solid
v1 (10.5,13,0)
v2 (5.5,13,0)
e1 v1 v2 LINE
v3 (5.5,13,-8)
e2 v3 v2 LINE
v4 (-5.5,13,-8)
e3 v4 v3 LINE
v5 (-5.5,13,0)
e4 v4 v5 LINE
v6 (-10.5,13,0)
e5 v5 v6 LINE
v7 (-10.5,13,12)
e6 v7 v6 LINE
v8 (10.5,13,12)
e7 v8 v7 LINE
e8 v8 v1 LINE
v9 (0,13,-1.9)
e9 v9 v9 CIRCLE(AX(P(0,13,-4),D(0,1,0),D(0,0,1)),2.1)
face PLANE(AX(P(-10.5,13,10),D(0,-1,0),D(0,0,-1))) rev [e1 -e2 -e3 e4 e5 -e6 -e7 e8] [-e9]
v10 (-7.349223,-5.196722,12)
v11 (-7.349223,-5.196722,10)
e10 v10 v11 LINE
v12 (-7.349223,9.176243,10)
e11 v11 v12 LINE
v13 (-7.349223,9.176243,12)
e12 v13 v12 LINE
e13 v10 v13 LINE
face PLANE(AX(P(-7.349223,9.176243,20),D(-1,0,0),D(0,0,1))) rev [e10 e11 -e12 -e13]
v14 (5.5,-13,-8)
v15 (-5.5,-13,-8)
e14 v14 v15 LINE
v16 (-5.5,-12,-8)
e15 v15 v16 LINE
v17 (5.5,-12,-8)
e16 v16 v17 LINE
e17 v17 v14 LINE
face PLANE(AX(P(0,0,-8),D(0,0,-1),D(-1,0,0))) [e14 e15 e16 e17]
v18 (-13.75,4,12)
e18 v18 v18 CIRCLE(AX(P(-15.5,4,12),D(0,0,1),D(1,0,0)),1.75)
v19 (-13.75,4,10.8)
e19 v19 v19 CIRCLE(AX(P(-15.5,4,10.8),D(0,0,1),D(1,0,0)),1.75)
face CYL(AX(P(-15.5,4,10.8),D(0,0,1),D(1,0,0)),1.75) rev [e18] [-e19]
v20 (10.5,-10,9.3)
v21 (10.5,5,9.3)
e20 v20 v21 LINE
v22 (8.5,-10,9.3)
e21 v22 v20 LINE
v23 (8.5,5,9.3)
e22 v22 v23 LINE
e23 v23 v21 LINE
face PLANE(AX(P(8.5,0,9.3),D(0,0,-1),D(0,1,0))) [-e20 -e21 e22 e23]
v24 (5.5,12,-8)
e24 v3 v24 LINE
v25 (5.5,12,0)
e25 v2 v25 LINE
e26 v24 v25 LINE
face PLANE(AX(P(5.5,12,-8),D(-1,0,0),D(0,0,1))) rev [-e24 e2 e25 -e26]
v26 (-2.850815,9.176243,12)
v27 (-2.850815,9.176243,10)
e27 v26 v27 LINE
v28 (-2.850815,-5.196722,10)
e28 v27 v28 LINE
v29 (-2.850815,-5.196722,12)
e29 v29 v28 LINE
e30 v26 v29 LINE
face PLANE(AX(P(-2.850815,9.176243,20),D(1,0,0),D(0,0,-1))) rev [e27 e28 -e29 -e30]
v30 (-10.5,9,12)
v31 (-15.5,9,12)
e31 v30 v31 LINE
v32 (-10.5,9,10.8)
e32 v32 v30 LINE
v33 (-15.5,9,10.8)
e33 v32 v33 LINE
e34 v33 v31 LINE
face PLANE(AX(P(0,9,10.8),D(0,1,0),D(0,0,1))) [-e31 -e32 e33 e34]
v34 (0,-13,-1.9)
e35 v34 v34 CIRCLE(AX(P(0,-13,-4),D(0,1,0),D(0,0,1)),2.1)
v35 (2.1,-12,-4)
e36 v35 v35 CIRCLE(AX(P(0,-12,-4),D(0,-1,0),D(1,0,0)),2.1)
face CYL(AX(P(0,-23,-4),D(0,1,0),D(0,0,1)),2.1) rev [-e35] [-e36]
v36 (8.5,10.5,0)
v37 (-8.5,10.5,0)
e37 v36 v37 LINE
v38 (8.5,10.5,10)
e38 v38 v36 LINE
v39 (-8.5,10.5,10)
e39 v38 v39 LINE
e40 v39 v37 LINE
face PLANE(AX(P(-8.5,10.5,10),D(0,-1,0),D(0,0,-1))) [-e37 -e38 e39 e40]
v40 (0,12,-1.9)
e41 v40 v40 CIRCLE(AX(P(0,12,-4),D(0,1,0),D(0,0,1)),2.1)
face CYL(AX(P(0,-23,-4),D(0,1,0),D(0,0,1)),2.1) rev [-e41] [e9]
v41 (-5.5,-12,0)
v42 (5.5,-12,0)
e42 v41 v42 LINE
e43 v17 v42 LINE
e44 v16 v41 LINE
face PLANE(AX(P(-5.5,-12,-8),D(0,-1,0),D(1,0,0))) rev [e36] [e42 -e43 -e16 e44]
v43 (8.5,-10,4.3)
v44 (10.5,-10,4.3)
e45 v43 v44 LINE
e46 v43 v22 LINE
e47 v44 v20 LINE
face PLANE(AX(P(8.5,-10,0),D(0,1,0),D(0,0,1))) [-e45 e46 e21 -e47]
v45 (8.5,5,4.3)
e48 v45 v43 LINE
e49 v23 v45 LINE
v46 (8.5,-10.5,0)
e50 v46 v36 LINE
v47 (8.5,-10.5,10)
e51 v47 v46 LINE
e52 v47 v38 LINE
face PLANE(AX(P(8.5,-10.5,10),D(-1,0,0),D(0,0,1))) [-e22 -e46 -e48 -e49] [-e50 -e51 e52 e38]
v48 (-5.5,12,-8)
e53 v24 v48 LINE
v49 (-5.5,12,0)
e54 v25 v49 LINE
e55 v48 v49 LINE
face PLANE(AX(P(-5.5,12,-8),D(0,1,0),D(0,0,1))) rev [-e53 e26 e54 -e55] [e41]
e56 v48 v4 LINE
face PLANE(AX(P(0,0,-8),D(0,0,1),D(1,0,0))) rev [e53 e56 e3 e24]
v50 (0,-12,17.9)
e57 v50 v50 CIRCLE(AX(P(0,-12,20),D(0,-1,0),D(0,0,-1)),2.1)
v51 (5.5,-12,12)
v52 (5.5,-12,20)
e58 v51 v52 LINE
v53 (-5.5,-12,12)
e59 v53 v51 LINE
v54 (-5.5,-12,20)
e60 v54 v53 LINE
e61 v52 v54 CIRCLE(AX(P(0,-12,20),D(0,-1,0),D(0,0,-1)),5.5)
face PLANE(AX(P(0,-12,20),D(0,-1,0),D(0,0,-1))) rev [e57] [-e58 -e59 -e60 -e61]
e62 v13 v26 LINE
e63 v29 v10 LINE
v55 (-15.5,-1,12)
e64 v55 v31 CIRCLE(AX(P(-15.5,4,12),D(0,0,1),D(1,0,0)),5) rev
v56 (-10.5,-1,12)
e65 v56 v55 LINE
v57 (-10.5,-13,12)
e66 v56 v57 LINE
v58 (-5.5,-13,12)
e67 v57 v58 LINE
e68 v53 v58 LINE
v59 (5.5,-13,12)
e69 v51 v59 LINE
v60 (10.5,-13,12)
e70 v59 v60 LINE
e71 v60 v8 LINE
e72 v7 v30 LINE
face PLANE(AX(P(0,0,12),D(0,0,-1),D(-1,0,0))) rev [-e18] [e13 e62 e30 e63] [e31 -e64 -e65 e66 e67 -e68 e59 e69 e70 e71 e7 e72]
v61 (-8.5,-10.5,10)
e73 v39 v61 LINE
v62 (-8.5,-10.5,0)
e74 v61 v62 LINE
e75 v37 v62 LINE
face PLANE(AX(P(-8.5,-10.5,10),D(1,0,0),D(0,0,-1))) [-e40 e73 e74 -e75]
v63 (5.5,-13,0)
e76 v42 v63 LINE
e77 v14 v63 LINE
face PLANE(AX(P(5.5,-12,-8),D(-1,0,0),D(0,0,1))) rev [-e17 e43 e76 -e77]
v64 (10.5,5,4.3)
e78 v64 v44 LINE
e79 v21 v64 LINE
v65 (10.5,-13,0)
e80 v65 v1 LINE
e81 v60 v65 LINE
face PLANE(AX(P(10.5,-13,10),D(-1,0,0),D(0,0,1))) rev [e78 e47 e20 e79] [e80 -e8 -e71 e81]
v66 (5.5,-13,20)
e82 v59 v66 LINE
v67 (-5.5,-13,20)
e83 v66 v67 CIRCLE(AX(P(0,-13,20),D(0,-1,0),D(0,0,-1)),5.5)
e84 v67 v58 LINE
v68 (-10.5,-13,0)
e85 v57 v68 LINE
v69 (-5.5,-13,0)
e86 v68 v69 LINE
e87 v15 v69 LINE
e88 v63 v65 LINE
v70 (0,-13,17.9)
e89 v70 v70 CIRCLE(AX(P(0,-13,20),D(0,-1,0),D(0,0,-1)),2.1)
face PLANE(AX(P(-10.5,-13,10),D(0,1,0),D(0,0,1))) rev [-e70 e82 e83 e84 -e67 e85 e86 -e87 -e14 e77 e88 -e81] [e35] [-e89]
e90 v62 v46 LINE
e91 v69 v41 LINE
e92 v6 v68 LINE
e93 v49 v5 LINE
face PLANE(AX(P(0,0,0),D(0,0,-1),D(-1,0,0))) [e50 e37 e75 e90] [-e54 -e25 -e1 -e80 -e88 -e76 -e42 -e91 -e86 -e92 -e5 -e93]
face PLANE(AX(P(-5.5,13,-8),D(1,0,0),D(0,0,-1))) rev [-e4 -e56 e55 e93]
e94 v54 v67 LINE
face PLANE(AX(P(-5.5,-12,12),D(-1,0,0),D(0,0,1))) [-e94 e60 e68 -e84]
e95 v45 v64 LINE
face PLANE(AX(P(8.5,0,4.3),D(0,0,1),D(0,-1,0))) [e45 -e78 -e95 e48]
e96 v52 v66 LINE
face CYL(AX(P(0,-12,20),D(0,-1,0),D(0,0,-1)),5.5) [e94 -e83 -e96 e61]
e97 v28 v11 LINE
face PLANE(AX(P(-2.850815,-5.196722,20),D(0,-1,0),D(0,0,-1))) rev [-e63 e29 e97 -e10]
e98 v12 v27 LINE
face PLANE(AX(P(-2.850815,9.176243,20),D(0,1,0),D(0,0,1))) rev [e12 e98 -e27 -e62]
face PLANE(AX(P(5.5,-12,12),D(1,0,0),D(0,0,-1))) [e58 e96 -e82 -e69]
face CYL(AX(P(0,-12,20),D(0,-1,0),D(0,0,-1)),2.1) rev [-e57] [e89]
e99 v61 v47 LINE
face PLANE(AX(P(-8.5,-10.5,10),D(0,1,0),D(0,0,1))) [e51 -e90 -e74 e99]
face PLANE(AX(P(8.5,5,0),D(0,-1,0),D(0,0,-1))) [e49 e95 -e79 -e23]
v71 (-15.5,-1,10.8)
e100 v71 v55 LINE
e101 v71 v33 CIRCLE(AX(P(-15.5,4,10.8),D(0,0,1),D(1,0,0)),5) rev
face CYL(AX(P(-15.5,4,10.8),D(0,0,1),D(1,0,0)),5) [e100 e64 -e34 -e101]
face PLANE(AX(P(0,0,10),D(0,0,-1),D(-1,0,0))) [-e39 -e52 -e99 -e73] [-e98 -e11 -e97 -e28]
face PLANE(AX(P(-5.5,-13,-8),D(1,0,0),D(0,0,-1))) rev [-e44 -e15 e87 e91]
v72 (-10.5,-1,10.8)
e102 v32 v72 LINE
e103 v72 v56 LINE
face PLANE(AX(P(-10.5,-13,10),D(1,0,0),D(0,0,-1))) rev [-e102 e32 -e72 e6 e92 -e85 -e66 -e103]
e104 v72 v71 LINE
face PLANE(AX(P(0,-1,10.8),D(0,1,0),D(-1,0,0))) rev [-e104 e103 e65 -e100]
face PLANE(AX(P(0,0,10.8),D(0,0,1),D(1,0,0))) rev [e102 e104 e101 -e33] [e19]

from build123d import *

# Parameters (mm, degrees)
SKETCH1_W            = 21
SKETCH1_H            = 26
SKETCH1_W_2          = 17
SKETCH1_H_2          = 21
BOSS_EXTRUDE1_DEPTH  = 10
SKETCH2_W            = 21
SKETCH2_H            = 26
BOSS_EXTRUDE2_DEPTH  = 2
SKETCH4_W            = 5
SKETCH4_H            = 15
CUT_EXTRUDE2_DEPTH   = 2
SKETCH6_R            = 1.76
BOSS_EXTRUDE3_DEPTH  = 2
SKETCH9_R            = 1.76
BOSS_EXTRUDE5_DEPTH  = 2
SKETCH14_W           = 11
SKETCH14_H           = 1
BOSS_EXTRUDE8_DEPTH  = 8
SKETCH16_R           = 2.1
CUT_EXTRUDE3_DEPTH   = 36
SKETCH17_R           = 1.75
BOSS_EXTRUDE9_DEPTH  = 1.2
SKETCH18_W           = 11
SKETCH18_H           = 14.770488881
CUT_EXTRUDE4_DEPTH   = 3.2
SKETCH19_W           = 11
SKETCH19_H           = 14.236904858
CUT_EXTRUDE5_DEPTH   = 10
SKETCH20_R           = 2.1
BOSS_EXTRUDE10_DEPTH = 1
SKETCH22_W           = 4.498408698
SKETCH22_H           = 14.372964376
CUT_EXTRUDE6_DEPTH   = 10


with BuildPart() as part:
    # Sketch1 → Boss-Extrude1 (new body)
    with BuildSketch(Plane.XY):
        Rectangle(SKETCH1_W, SKETCH1_H)
        Rectangle(SKETCH1_W_2, SKETCH1_H_2, mode=Mode.SUBTRACT)
    extrude(amount=BOSS_EXTRUDE1_DEPTH)

    # Sketch2 → Boss-Extrude2 (add)
    with BuildSketch(Plane.XY.offset(10)):
        Rectangle(SKETCH2_W, SKETCH2_H)
    extrude(amount=BOSS_EXTRUDE2_DEPTH)

    # Sketch4 → Cut-Extrude2 (cut)
    with BuildSketch(Plane(origin=(10.5, 0, 0), x_dir=(0, 0, -1), z_dir=(1, 0, 0))):
        with Locations((-6.8, -2.5)):
            Rectangle(SKETCH4_W, SKETCH4_H)
    extrude(amount=-CUT_EXTRUDE2_DEPTH, mode=Mode.SUBTRACT)

    # Sketch6 → Boss-Extrude3 (add)
    with BuildSketch(Plane.XY.offset(12)):
        with BuildLine():
            Line((0, 13), (5.5, 13))
            Line((5.5, 13), (5.5, 18))
            ThreePointArc((5.5, 18), (0, 23.5), (-5.5, 18))
            Line((-5.5, 18), (-5.5, 13))
            Line((-5.5, 13), (0, 13))
        make_face()
        with Locations((0, 18)):
            Circle(SKETCH6_R, mode=Mode.SUBTRACT)
    extrude(amount=-BOSS_EXTRUDE3_DEPTH)

    # Sketch9 → Boss-Extrude5 (add)
    with BuildSketch(Plane.XY.offset(12)):
        with BuildLine():
            Line((0, -13), (-5.5, -13))
            Line((-5.5, -13), (-5.5, -18))
            ThreePointArc((-5.5, -18), (0, -23.5), (5.5, -18))
            Line((5.5, -18), (5.5, -13))
            Line((5.5, -13), (0, -13))
        make_face()
        with Locations((0, -18)):
            Circle(SKETCH9_R, mode=Mode.SUBTRACT)
    extrude(amount=-BOSS_EXTRUDE5_DEPTH)

    # Sketch14 → Boss-Extrude8 (add)
    with BuildSketch(Plane(origin=(0, 0, 0), x_dir=(-1, 0, 0), z_dir=(0, 0, -1))):
        with Locations((0, -12.5)):
            Rectangle(SKETCH14_W, SKETCH14_H)
        with Locations((0, 12.5)):
            Rectangle(SKETCH14_W, SKETCH14_H)
    extrude(amount=BOSS_EXTRUDE8_DEPTH)

    # Sketch16 → Cut-Extrude3 (cut)
    with BuildSketch(Plane(origin=(0, 13, 0), x_dir=(1, 0, 0), z_dir=(0, 1, 0))):
        with Locations((0, 4)):
            Circle(SKETCH16_R)
    extrude(amount=-CUT_EXTRUDE3_DEPTH, mode=Mode.SUBTRACT)

    # Sketch17 → Boss-Extrude9 (add)
    with BuildSketch(Plane.XY.offset(12)):
        with BuildLine():
            Line((-15.5, -1), (-10.5, -1))
            Line((-10.5, -1), (-10.5, 9))
            Line((-10.5, 9), (-15.5, 9))
            ThreePointArc((-15.5, 9), (-20.5, 4), (-15.5, -1))
        make_face()
        with Locations((-15.5, 4)):
            Circle(SKETCH17_R, mode=Mode.SUBTRACT)
    extrude(amount=-BOSS_EXTRUDE9_DEPTH)

    # Sketch18 → Cut-Extrude4 (cut)
    with BuildSketch(Plane.XY.offset(12)):
        with Locations((0, 20.385244441)):
            Rectangle(SKETCH18_W, SKETCH18_H)
    extrude(amount=-CUT_EXTRUDE4_DEPTH, mode=Mode.SUBTRACT)

    # Sketch19 → Cut-Extrude5 (cut)
    with BuildSketch(Plane.XY.offset(12)):
        with Locations((0, -20.118452429)):
            Rectangle(SKETCH19_W, SKETCH19_H)
    extrude(amount=-CUT_EXTRUDE5_DEPTH, mode=Mode.SUBTRACT)

    # Sketch20 → Boss-Extrude10 (add)
    with BuildSketch(Plane.XZ.offset(13)):
        with BuildLine():
            Line((0, 12), (5.5, 12))
            Line((5.5, 12), (5.5, 20))
            ThreePointArc((5.5, 20), (0, 25.5), (-5.5, 20))
            Line((-5.5, 20), (-5.5, 12))
            Line((-5.5, 12), (0, 12))
        make_face()
        with Locations((0, 20)):
            Circle(SKETCH20_R, mode=Mode.SUBTRACT)
    extrude(amount=-BOSS_EXTRUDE10_DEPTH)

    # Sketch22 → Cut-Extrude6 (cut)
    with BuildSketch(Plane(origin=(0, 0, 10), x_dir=(-1, 0, 0), z_dir=(0, 0, -1))):
        with Locations((5.100019104, 1.989760377)):
            Rectangle(SKETCH22_W, SKETCH22_H)
    extrude(amount=-CUT_EXTRUDE6_DEPTH, mode=Mode.SUBTRACT)


solid = part.part
